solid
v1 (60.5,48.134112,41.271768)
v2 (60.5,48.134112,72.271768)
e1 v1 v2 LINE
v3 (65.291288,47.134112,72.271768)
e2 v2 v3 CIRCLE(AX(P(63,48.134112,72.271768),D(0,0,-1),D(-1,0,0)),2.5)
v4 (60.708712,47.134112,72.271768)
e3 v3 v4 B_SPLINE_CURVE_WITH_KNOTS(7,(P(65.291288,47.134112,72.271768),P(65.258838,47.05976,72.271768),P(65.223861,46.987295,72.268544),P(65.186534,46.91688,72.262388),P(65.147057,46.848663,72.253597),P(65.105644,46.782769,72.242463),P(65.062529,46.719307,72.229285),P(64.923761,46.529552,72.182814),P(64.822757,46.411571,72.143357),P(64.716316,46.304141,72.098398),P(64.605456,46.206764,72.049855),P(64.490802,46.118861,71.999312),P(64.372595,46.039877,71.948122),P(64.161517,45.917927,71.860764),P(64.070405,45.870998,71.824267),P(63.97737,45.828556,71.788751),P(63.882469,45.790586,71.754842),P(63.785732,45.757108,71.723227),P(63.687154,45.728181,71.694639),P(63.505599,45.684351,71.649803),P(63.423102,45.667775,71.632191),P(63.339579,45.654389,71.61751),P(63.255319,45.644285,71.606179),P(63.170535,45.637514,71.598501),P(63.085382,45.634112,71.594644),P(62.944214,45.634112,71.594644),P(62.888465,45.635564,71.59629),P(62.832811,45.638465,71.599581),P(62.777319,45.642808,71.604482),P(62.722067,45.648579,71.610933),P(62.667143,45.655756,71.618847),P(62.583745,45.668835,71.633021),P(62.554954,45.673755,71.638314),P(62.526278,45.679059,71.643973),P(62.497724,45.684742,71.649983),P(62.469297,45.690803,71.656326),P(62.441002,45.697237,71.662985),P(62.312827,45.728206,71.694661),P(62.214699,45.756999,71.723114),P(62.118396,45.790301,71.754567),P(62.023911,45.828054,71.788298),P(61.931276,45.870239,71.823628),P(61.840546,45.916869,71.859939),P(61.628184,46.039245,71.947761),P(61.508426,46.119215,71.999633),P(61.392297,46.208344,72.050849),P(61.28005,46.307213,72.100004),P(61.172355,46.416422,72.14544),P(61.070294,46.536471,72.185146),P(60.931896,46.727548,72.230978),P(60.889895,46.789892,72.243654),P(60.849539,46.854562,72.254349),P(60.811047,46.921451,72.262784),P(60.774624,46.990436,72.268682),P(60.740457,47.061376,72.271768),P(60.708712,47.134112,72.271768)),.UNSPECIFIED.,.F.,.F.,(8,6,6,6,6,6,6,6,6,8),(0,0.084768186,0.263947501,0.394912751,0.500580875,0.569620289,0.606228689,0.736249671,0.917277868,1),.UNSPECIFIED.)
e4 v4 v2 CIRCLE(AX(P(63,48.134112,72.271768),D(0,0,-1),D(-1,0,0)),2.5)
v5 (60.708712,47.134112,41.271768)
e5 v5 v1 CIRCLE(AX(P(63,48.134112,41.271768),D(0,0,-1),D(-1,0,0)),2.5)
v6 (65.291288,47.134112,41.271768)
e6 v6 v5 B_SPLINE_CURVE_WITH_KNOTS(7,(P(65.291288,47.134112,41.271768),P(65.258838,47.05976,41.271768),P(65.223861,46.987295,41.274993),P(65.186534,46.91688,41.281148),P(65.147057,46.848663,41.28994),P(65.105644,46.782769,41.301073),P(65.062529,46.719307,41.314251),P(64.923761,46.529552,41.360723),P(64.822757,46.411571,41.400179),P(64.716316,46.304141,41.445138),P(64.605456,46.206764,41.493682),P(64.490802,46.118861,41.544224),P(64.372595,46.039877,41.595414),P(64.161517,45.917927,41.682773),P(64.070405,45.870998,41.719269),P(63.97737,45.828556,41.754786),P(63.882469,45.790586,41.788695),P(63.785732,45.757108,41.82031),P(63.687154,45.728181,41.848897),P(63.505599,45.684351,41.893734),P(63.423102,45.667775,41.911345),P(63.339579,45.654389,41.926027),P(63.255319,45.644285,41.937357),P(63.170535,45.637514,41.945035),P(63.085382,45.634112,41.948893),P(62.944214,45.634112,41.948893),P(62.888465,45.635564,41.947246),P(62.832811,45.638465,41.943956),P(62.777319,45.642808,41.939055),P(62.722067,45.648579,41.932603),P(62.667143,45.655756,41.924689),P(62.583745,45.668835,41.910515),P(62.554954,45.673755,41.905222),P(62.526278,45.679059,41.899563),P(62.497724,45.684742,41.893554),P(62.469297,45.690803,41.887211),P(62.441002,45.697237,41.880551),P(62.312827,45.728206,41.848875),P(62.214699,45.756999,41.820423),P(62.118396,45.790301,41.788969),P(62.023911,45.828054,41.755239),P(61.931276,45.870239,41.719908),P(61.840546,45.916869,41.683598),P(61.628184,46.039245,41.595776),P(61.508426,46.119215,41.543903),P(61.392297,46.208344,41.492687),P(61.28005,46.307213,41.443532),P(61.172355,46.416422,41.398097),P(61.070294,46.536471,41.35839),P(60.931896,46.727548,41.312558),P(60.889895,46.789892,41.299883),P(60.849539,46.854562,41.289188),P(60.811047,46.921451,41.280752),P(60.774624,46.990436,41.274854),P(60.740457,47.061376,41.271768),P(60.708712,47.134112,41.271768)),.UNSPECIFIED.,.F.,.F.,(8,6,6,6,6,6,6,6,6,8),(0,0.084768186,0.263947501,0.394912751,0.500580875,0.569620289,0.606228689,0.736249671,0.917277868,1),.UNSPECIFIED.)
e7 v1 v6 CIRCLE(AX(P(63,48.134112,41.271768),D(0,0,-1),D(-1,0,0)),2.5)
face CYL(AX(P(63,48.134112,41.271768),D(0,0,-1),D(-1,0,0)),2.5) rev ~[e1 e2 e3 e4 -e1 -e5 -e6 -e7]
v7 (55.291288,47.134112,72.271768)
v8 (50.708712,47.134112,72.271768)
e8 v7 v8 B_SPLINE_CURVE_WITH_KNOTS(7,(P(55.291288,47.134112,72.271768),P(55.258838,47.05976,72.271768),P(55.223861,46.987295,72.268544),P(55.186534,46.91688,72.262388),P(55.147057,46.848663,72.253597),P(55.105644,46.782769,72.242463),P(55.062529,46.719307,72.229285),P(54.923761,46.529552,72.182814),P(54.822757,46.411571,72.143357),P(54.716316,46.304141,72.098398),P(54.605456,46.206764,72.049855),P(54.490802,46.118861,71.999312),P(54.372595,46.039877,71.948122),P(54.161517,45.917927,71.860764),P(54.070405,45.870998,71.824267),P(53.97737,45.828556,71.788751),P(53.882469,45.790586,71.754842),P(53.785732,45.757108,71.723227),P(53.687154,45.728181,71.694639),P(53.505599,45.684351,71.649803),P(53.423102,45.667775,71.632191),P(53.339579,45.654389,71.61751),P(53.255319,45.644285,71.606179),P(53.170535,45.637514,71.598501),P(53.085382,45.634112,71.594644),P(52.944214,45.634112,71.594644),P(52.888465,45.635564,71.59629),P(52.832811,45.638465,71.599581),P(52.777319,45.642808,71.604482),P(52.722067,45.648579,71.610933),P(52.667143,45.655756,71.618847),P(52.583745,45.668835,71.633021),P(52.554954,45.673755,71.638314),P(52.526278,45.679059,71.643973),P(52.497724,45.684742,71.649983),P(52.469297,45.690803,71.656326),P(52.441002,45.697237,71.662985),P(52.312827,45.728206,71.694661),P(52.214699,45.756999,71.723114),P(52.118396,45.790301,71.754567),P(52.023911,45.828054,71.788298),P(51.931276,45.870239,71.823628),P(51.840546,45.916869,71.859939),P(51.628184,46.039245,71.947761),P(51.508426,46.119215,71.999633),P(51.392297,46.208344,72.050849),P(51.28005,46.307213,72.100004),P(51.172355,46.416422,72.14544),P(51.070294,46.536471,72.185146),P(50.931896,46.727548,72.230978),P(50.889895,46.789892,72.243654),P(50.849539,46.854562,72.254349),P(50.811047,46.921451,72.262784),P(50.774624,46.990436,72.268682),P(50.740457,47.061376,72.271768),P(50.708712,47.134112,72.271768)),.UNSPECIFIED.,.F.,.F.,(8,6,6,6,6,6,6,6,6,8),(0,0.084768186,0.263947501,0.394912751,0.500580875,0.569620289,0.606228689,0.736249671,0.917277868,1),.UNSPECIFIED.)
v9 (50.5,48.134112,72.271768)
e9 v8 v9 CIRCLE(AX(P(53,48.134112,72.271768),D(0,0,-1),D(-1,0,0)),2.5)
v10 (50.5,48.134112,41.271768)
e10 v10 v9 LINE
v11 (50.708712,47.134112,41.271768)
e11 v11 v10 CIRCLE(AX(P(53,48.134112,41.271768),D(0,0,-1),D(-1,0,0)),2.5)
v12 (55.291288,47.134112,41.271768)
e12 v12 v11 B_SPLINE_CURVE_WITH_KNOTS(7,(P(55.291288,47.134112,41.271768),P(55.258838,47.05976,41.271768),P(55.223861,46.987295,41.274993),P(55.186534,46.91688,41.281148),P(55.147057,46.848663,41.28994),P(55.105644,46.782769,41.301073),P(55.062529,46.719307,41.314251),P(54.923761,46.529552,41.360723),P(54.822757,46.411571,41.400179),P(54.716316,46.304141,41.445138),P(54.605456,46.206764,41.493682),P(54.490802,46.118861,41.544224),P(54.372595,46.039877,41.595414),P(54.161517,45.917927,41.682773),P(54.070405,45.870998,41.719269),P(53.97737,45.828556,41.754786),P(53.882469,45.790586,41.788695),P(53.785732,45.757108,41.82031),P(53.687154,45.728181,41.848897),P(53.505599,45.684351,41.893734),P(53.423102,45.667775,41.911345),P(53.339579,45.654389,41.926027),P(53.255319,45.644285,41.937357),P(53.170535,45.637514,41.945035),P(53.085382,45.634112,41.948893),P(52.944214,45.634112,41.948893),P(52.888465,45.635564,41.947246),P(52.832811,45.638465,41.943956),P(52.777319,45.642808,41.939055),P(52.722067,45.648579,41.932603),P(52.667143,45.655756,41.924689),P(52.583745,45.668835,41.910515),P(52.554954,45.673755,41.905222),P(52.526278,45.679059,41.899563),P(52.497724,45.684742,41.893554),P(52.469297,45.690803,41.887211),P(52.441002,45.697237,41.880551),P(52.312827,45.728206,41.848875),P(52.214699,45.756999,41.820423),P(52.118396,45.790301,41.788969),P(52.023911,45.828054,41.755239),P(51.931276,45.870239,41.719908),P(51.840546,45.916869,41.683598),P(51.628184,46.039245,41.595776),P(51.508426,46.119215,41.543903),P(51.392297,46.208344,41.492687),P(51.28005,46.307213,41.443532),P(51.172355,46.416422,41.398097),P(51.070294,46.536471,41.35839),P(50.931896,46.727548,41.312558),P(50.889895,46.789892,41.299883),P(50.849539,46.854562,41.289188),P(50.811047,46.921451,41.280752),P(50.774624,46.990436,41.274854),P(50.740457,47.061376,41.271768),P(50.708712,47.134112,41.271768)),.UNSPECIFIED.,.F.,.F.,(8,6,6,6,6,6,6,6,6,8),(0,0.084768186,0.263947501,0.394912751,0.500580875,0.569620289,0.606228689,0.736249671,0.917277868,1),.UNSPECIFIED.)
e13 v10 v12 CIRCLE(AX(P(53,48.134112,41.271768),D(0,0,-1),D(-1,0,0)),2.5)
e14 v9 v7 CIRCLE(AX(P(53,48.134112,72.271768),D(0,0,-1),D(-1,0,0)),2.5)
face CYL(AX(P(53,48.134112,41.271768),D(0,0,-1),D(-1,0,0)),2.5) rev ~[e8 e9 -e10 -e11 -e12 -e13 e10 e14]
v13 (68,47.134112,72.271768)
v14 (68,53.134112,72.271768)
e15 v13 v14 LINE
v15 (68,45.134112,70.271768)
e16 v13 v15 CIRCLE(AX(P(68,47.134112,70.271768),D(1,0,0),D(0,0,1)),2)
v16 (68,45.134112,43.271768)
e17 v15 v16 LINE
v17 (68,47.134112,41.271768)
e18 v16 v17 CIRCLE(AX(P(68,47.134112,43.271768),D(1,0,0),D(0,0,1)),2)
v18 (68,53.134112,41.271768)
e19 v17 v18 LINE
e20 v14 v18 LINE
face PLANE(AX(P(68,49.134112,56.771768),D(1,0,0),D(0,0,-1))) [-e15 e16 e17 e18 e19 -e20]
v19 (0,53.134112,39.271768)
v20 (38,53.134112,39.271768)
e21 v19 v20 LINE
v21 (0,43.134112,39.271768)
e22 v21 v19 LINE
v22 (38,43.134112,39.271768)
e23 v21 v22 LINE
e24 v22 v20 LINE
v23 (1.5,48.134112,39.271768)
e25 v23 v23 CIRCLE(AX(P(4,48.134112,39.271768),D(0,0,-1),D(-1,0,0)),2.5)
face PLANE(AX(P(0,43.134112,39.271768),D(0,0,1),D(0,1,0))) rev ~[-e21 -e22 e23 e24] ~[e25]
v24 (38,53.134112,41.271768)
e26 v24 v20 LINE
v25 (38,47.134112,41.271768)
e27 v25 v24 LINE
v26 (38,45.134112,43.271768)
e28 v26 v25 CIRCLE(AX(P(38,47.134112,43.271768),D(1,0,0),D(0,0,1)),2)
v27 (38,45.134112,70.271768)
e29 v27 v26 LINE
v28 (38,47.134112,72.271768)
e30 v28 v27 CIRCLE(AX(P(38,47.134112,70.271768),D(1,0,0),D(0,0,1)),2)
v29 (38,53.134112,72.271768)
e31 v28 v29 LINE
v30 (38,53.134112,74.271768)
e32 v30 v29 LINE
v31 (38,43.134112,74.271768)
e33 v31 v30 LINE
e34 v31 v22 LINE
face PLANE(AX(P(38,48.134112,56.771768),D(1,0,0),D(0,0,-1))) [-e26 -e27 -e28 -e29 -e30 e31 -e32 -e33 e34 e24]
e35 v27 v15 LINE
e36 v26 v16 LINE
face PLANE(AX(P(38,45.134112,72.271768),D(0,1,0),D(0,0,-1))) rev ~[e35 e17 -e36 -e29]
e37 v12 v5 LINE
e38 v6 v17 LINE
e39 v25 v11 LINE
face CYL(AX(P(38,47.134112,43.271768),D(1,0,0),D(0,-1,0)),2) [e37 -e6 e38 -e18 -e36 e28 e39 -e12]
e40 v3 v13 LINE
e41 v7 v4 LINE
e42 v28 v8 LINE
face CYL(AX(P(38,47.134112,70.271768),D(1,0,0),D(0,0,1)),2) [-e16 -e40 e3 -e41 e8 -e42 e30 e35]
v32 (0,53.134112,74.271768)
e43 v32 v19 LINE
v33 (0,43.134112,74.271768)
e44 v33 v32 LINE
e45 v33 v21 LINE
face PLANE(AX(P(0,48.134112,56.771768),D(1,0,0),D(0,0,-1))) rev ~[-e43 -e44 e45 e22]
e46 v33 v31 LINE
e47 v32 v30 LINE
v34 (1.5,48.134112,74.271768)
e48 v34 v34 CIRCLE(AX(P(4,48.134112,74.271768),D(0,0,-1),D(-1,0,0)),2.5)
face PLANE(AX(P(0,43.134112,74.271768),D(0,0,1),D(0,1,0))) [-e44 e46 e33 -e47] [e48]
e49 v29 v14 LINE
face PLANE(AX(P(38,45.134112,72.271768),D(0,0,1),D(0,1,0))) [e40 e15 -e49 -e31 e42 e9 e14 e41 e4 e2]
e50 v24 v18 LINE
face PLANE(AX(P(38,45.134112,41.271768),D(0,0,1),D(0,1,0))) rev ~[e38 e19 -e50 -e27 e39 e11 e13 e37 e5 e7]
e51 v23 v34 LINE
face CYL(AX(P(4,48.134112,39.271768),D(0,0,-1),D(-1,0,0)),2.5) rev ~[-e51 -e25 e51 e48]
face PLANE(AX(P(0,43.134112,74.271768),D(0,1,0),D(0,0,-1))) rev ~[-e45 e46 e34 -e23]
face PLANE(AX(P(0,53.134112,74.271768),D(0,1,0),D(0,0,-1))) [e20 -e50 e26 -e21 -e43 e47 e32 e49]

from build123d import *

# Parameters (mm, degrees)
SKETCH1_W      = 35
SKETCH1_H      = 10
EXTRUDE1_DEPTH = 38
SKETCH2_W      = 31
SKETCH2_H      = 8
EXTRUDE2_DEPTH = 30
FILLET1_R      = 2
SKETCH3_R      = 2.5
EXTRUDE3_DEPTH = 34
SKETCH4_R      = 2.5
EXTRUDE4_DEPTH = 36


with BuildPart() as part:
    # Sketch1 → Extrude1 (new body)
    with BuildSketch(Plane(origin=(0, 0, 0), x_dir=(0, 0, -1), z_dir=(1, 0, 0))):
        with Locations((-56.771768295, 48.134111791)):
            Rectangle(SKETCH1_W, SKETCH1_H)
    extrude(amount=EXTRUDE1_DEPTH)

    # Sketch2 → Extrude2 (add)
    with BuildSketch(Plane(origin=(38, 0, 0), x_dir=(0, 0, -1), z_dir=(1, 0, 0))):
        with Locations((-56.771768295, 49.134111791)):
            Rectangle(SKETCH2_W, SKETCH2_H)
    extrude(amount=EXTRUDE2_DEPTH)

    # Fillet1
    fillet1_edges = [part.edges().sort_by_distance(p)[0] for p in [
        (53, 45.134111791, 72.271768295),
        (53, 45.134111791, 41.271768295),
    ]]
    fillet(fillet1_edges, radius=FILLET1_R)

    # Sketch3 → Extrude3 (cut, through all)
    with BuildSketch(Plane(origin=(0, 0, 41.271768295), x_dir=(-1, 0, 0), z_dir=(0, 0, -1))):
        with Locations((-63, 48.134111791)):
            Circle(SKETCH3_R)
        with Locations((-53, 48.134111791)):
            Circle(SKETCH3_R)
    extrude(amount=-EXTRUDE3_DEPTH, mode=Mode.SUBTRACT)

    # Sketch4 → Extrude4 (cut, through all)
    with BuildSketch(Plane(origin=(0, 0, 39.271768295), x_dir=(-1, 0, 0), z_dir=(0, 0, -1))):
        with Locations((-4, 48.134111791)):
            Circle(SKETCH4_R)
    extrude(amount=-EXTRUDE4_DEPTH, mode=Mode.SUBTRACT)


solid = part.part
